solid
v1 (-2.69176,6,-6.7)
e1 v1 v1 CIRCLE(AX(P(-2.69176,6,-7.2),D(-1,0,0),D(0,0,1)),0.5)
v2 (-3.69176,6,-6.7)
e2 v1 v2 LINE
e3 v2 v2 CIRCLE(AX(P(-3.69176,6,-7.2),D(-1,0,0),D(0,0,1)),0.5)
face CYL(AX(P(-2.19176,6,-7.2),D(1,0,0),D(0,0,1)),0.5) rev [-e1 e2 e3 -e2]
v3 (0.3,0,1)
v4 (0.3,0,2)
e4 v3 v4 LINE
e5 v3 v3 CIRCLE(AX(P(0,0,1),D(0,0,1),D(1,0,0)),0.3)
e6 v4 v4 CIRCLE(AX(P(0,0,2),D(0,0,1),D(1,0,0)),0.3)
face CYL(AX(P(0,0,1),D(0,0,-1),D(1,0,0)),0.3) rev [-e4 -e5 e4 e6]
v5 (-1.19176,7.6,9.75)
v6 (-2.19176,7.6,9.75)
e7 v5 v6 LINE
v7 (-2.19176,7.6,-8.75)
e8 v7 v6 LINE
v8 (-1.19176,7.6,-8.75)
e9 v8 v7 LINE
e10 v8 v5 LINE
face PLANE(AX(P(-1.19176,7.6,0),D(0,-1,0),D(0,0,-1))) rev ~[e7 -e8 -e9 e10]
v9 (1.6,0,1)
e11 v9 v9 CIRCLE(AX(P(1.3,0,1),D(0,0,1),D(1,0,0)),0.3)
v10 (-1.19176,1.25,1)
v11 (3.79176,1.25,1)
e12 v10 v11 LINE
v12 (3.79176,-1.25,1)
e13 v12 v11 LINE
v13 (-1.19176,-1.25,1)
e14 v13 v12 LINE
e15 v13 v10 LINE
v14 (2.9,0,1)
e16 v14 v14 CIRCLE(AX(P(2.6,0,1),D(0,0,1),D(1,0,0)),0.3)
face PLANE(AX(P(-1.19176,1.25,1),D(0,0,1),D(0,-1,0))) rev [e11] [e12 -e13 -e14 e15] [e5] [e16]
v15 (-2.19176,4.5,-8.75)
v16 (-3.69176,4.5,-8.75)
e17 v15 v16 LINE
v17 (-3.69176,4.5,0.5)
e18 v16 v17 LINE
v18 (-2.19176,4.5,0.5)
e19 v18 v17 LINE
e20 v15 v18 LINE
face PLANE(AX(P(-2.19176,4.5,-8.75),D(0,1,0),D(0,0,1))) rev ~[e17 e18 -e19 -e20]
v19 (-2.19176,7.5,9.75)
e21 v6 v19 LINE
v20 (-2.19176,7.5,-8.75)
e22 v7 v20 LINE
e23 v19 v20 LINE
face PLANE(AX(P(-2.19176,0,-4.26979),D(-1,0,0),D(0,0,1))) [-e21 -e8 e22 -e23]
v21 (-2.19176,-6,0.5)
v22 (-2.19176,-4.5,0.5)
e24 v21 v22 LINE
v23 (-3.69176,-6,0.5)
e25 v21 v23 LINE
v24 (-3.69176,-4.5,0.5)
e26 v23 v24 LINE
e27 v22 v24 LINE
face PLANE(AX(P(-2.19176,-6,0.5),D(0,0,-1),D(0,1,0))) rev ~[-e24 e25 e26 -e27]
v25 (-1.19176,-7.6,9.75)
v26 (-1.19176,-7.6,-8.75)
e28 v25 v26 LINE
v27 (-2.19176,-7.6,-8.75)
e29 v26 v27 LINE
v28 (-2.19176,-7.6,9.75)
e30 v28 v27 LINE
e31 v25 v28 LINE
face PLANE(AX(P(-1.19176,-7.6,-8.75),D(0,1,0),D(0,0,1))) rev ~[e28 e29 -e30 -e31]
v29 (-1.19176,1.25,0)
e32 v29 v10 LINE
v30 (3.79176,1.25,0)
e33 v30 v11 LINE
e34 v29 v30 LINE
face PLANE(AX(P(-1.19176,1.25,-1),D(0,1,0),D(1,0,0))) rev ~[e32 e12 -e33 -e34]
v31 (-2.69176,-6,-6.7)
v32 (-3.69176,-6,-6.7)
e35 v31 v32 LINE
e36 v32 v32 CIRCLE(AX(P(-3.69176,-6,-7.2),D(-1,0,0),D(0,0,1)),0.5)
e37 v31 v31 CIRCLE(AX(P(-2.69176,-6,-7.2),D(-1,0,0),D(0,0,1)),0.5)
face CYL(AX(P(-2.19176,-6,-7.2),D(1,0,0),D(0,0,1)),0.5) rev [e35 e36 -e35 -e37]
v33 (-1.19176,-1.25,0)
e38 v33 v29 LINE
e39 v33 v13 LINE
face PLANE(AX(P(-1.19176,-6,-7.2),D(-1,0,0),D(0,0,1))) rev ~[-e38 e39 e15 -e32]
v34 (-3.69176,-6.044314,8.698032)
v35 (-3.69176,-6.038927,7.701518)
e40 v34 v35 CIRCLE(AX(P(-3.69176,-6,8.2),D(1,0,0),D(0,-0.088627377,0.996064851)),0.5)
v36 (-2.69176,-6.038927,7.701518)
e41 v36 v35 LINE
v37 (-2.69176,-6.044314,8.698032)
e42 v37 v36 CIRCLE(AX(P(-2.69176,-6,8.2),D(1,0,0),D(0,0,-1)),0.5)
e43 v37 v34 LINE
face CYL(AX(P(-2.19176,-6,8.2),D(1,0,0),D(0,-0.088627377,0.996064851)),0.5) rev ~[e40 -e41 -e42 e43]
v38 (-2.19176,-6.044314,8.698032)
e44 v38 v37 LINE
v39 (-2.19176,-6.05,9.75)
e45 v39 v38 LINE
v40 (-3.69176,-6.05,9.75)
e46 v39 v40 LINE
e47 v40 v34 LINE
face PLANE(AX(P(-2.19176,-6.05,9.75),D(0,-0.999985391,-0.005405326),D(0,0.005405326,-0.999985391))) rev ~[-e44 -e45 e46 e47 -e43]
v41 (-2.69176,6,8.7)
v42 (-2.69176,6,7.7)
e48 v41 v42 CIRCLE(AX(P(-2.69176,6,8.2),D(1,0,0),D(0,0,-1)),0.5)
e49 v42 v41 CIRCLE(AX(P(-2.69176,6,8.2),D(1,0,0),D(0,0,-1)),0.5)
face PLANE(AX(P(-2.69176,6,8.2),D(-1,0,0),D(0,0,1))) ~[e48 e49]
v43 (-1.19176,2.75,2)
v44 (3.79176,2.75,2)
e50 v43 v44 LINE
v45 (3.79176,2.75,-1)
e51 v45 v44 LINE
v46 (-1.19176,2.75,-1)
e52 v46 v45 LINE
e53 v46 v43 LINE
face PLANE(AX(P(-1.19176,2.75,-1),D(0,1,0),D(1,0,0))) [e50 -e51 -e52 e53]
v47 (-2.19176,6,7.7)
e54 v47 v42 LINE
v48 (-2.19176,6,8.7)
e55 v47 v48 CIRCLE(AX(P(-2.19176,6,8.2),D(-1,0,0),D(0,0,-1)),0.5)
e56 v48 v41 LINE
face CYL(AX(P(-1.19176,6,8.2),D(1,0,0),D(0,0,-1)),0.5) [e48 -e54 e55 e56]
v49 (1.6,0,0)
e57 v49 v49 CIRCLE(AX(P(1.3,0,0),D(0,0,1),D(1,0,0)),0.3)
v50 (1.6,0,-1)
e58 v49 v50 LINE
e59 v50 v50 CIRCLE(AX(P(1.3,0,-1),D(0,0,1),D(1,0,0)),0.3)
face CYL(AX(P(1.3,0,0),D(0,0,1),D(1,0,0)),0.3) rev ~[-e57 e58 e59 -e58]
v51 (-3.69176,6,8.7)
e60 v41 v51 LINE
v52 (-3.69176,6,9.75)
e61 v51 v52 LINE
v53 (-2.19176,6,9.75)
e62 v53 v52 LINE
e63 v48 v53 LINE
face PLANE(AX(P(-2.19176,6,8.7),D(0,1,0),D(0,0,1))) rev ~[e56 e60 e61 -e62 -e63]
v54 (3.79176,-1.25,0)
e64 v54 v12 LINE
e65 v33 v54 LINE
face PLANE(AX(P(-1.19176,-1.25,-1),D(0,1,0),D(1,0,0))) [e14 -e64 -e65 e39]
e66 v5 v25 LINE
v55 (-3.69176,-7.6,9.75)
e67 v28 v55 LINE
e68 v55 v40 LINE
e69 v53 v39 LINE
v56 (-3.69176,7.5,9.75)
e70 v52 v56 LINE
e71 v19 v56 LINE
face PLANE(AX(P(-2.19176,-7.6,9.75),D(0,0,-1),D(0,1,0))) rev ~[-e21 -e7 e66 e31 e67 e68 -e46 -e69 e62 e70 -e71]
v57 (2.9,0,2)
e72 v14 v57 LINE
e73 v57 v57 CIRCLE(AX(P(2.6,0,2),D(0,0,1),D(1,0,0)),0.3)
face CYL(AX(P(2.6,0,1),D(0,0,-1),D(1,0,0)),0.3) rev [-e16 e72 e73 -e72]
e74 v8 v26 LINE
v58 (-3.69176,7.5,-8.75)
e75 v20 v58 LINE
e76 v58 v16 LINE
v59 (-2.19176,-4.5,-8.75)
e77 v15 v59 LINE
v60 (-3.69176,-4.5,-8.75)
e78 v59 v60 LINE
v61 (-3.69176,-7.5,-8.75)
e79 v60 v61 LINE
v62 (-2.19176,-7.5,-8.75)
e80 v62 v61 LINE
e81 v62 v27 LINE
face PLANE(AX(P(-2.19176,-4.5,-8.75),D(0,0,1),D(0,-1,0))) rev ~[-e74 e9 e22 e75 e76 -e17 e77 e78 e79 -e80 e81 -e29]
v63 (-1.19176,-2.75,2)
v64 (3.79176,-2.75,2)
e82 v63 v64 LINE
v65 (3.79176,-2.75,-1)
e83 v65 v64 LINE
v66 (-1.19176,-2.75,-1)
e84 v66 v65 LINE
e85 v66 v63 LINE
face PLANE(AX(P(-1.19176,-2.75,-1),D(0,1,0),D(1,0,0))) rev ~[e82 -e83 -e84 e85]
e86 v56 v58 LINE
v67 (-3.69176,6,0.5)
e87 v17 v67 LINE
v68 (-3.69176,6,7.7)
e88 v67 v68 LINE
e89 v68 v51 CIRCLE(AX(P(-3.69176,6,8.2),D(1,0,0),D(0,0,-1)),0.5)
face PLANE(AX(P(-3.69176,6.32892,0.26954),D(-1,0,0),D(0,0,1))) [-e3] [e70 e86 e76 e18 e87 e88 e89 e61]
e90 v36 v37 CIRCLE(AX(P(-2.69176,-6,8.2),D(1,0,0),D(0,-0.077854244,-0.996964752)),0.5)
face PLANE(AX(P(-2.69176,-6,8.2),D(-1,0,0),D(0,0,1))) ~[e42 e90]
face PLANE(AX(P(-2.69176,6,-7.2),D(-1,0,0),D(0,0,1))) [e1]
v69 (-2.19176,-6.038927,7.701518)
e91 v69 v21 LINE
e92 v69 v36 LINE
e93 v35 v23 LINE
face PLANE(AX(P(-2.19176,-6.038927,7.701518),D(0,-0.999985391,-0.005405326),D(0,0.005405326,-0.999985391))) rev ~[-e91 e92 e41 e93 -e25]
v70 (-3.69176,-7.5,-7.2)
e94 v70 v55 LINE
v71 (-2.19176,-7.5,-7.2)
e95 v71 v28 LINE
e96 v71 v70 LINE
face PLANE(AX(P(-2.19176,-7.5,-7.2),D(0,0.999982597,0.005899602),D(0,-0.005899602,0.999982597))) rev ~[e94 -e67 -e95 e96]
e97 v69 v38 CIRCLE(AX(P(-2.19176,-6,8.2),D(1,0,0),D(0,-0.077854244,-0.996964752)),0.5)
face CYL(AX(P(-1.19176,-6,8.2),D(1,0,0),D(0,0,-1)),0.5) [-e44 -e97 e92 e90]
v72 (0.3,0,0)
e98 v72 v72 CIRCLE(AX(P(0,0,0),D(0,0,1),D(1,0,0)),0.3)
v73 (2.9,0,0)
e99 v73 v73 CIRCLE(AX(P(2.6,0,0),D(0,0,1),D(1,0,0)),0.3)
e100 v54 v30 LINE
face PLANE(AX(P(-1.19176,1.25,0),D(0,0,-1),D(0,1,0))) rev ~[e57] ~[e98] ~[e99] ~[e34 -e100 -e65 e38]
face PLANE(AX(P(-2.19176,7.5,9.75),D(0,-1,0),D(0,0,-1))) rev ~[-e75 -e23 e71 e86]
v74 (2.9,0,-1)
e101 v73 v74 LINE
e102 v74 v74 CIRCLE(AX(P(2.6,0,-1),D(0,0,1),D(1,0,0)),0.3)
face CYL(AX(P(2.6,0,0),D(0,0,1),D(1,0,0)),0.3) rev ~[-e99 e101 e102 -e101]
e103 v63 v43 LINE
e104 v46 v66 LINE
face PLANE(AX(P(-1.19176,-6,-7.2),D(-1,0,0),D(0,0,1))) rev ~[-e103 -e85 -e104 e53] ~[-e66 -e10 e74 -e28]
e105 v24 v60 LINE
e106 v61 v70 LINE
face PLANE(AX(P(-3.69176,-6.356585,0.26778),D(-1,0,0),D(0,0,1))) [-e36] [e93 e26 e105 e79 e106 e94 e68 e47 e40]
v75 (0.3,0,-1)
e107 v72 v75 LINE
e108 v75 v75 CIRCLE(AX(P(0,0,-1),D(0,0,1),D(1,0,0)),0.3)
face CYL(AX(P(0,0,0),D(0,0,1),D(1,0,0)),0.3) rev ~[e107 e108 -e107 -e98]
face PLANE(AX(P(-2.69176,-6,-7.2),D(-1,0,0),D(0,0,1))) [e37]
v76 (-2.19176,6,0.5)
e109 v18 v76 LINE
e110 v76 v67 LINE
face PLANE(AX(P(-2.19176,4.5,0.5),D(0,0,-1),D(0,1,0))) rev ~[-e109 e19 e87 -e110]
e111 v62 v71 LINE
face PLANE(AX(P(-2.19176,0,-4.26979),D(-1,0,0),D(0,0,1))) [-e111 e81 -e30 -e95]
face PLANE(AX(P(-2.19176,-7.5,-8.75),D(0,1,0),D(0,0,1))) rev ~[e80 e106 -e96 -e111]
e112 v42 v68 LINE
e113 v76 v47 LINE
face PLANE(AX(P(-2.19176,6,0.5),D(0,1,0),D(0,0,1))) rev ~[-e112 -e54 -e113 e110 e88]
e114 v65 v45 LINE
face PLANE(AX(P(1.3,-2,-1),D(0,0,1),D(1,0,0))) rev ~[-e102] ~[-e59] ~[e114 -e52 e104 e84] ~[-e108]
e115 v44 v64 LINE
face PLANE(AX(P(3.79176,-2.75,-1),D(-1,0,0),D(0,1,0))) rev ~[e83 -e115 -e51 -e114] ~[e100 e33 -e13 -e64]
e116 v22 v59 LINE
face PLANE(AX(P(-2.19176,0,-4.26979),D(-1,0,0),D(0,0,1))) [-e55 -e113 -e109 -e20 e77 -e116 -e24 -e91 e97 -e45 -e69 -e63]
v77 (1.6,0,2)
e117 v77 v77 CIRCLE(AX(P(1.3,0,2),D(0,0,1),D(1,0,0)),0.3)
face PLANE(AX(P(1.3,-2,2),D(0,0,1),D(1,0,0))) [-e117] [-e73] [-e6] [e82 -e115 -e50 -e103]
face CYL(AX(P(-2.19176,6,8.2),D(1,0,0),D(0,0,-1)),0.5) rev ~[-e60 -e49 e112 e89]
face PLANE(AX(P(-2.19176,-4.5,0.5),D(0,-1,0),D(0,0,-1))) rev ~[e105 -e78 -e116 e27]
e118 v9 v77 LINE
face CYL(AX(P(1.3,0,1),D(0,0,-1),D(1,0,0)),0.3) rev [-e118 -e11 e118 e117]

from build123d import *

# Parameters (mm, degrees)
SKETCH1_W                = 4.983520766
SKETCH1_H                = 2.5
SKETCH1_R                = 0.3
BOSS_EXTRUDE1_DEPTH      = 1
SKETCH4_W                = 8.75
SKETCH4_H                = 15.2
BOSS_EXTRUDE2_DEPTH      = 1
SKETCH4_3_R              = 0.5
BOSS_EXTRUDE3_DEPTH      = 1.5
BOSS_EXTRUDE4_DEPTH      = 1
BOSS_EXTRUDE4_DEPTH_BACK = 1
BOSS_EXTRUDE5_DEPTH      = 1.5
BOSS_EXTRUDE5_DEPTH_BACK = 1.5
SKETCH5_4_W              = 4.983520766
SKETCH5_4_H              = 1.5
SKETCH7_R                = 0.5
BOSS_EXTRUDE6_DEPTH      = 1.5


with BuildPart() as part:
    # Sketch1 → Boss-Extrude1 (new body)
    with BuildSketch(Plane.XY):
        with Locations((1.3, 0)):
            Rectangle(SKETCH1_W, SKETCH1_H)
        Circle(SKETCH1_R, mode=Mode.SUBTRACT)
        with Locations((1.3, 0)):
            Circle(SKETCH1_R, mode=Mode.SUBTRACT)
        with Locations((2.6, 0)):
            Circle(SKETCH1_R, mode=Mode.SUBTRACT)
    extrude(amount=-BOSS_EXTRUDE1_DEPTH)

    # Sketch4 → Boss-Extrude2 (add)
    with BuildSketch(Plane.ZY.offset(1.191760383)):
        with Locations((-4.375, 0)):
            Rectangle(SKETCH4_W, SKETCH4_H)
    extrude(amount=BOSS_EXTRUDE2_DEPTH)

    # Sketch4<3> → Boss-Extrude3 (add)
    with BuildSketch(Plane.ZY.offset(1.191760383)):
        with Locations((-7.2, -6)):
            Circle(SKETCH4_3_R)
        with Locations((-7.2, 6)):
            Circle(SKETCH4_3_R)
    extrude(amount=BOSS_EXTRUDE3_DEPTH)


with BuildPart() as body_2:
    # Mirror3: mirrored copy
    add(part.part.mirror(Plane.XY.offset(0.5)))


with BuildPart() as part_1:
    add(part.part)

    add(body_2.part)  # Boss-Extrude4 merges body 2
    # Sketch5 → Boss-Extrude4 (add, two sides: drawn at the far end of the back side and taken through both)
    with BuildSketch(Plane.XY.offset(0.5).offset(-BOSS_EXTRUDE4_DEPTH_BACK)):
        Polygon((-1.191760383, -7.6), (-1.191760383, -2.75), (-1.191760383, -1.25), (-1.191760383, 1.25), (-1.191760383, 2.75), (-1.191760383, 7.6), (-2.191760383, 7.6), (-2.191760383, -7.6), align=None)
    extrude(amount=BOSS_EXTRUDE4_DEPTH + BOSS_EXTRUDE4_DEPTH_BACK)

    # Sketch5<4> → Boss-Extrude5 (add, two sides: drawn at the far end of the back side and taken through both)
    with BuildSketch(Plane.XY.offset(0.5).offset(-BOSS_EXTRUDE5_DEPTH_BACK)):
        with Locations((1.3, -2)):
            Rectangle(SKETCH5_4_W, SKETCH5_4_H)
        with Locations((1.3, 2)):
            Rectangle(SKETCH5_4_W, SKETCH5_4_H)
    extrude(amount=BOSS_EXTRUDE5_DEPTH + BOSS_EXTRUDE5_DEPTH_BACK)

    # Sketch7 → Boss-Extrude6 (add)
    # profile 1 of 2: a face of its own
    with BuildSketch(Plane.ZY.offset(2.191760383)):
        with BuildLine():
            Line((-8.75, -7.5), (-7.2, -7.5))
            Line((-7.2, -7.5), (9.75, -7.6))
            Line((9.75, -7.6), (9.75, -6.05))
            Line((9.75, -6.05), (8.698032426, -6.044313689))
            ThreePointArc((8.698032426, -6.044313689), (8.197297337, -6.499992696), (7.701517624, -6.038927122))
            Line((7.701517624, -6.038927122), (0.5, -6))
            Line((0.5, -6), (0.5, -4.5))
            Line((0.5, -4.5), (-8.75, -4.5))
            Line((-8.75, -4.5), (-8.75, -7.5))
        make_face()
        with Locations((-7.2, -6)):
            Circle(SKETCH7_R, mode=Mode.SUBTRACT)
    # profile 2 of 2: a face of its own
    with BuildSketch(Plane.ZY.offset(2.191760383)):
        with BuildLine():
            Line((-8.75, 7.5), (-8.75, 4.5))
            Line((-8.75, 4.5), (0.5, 4.5))
            Line((0.5, 4.5), (0.5, 6))
            Line((0.5, 6), (7.7, 6))
            ThreePointArc((7.7, 6), (8.2, 6.5), (8.7, 6))
            Line((8.7, 6), (9.75, 6))
            Line((9.75, 6), (9.75, 7.5))
            Line((9.75, 7.5), (-8.75, 7.5))
        make_face()
        with Locations((-7.2, 6)):
            Circle(SKETCH7_R, mode=Mode.SUBTRACT)
    extrude(amount=BOSS_EXTRUDE6_DEPTH)


solid = part_1.part
